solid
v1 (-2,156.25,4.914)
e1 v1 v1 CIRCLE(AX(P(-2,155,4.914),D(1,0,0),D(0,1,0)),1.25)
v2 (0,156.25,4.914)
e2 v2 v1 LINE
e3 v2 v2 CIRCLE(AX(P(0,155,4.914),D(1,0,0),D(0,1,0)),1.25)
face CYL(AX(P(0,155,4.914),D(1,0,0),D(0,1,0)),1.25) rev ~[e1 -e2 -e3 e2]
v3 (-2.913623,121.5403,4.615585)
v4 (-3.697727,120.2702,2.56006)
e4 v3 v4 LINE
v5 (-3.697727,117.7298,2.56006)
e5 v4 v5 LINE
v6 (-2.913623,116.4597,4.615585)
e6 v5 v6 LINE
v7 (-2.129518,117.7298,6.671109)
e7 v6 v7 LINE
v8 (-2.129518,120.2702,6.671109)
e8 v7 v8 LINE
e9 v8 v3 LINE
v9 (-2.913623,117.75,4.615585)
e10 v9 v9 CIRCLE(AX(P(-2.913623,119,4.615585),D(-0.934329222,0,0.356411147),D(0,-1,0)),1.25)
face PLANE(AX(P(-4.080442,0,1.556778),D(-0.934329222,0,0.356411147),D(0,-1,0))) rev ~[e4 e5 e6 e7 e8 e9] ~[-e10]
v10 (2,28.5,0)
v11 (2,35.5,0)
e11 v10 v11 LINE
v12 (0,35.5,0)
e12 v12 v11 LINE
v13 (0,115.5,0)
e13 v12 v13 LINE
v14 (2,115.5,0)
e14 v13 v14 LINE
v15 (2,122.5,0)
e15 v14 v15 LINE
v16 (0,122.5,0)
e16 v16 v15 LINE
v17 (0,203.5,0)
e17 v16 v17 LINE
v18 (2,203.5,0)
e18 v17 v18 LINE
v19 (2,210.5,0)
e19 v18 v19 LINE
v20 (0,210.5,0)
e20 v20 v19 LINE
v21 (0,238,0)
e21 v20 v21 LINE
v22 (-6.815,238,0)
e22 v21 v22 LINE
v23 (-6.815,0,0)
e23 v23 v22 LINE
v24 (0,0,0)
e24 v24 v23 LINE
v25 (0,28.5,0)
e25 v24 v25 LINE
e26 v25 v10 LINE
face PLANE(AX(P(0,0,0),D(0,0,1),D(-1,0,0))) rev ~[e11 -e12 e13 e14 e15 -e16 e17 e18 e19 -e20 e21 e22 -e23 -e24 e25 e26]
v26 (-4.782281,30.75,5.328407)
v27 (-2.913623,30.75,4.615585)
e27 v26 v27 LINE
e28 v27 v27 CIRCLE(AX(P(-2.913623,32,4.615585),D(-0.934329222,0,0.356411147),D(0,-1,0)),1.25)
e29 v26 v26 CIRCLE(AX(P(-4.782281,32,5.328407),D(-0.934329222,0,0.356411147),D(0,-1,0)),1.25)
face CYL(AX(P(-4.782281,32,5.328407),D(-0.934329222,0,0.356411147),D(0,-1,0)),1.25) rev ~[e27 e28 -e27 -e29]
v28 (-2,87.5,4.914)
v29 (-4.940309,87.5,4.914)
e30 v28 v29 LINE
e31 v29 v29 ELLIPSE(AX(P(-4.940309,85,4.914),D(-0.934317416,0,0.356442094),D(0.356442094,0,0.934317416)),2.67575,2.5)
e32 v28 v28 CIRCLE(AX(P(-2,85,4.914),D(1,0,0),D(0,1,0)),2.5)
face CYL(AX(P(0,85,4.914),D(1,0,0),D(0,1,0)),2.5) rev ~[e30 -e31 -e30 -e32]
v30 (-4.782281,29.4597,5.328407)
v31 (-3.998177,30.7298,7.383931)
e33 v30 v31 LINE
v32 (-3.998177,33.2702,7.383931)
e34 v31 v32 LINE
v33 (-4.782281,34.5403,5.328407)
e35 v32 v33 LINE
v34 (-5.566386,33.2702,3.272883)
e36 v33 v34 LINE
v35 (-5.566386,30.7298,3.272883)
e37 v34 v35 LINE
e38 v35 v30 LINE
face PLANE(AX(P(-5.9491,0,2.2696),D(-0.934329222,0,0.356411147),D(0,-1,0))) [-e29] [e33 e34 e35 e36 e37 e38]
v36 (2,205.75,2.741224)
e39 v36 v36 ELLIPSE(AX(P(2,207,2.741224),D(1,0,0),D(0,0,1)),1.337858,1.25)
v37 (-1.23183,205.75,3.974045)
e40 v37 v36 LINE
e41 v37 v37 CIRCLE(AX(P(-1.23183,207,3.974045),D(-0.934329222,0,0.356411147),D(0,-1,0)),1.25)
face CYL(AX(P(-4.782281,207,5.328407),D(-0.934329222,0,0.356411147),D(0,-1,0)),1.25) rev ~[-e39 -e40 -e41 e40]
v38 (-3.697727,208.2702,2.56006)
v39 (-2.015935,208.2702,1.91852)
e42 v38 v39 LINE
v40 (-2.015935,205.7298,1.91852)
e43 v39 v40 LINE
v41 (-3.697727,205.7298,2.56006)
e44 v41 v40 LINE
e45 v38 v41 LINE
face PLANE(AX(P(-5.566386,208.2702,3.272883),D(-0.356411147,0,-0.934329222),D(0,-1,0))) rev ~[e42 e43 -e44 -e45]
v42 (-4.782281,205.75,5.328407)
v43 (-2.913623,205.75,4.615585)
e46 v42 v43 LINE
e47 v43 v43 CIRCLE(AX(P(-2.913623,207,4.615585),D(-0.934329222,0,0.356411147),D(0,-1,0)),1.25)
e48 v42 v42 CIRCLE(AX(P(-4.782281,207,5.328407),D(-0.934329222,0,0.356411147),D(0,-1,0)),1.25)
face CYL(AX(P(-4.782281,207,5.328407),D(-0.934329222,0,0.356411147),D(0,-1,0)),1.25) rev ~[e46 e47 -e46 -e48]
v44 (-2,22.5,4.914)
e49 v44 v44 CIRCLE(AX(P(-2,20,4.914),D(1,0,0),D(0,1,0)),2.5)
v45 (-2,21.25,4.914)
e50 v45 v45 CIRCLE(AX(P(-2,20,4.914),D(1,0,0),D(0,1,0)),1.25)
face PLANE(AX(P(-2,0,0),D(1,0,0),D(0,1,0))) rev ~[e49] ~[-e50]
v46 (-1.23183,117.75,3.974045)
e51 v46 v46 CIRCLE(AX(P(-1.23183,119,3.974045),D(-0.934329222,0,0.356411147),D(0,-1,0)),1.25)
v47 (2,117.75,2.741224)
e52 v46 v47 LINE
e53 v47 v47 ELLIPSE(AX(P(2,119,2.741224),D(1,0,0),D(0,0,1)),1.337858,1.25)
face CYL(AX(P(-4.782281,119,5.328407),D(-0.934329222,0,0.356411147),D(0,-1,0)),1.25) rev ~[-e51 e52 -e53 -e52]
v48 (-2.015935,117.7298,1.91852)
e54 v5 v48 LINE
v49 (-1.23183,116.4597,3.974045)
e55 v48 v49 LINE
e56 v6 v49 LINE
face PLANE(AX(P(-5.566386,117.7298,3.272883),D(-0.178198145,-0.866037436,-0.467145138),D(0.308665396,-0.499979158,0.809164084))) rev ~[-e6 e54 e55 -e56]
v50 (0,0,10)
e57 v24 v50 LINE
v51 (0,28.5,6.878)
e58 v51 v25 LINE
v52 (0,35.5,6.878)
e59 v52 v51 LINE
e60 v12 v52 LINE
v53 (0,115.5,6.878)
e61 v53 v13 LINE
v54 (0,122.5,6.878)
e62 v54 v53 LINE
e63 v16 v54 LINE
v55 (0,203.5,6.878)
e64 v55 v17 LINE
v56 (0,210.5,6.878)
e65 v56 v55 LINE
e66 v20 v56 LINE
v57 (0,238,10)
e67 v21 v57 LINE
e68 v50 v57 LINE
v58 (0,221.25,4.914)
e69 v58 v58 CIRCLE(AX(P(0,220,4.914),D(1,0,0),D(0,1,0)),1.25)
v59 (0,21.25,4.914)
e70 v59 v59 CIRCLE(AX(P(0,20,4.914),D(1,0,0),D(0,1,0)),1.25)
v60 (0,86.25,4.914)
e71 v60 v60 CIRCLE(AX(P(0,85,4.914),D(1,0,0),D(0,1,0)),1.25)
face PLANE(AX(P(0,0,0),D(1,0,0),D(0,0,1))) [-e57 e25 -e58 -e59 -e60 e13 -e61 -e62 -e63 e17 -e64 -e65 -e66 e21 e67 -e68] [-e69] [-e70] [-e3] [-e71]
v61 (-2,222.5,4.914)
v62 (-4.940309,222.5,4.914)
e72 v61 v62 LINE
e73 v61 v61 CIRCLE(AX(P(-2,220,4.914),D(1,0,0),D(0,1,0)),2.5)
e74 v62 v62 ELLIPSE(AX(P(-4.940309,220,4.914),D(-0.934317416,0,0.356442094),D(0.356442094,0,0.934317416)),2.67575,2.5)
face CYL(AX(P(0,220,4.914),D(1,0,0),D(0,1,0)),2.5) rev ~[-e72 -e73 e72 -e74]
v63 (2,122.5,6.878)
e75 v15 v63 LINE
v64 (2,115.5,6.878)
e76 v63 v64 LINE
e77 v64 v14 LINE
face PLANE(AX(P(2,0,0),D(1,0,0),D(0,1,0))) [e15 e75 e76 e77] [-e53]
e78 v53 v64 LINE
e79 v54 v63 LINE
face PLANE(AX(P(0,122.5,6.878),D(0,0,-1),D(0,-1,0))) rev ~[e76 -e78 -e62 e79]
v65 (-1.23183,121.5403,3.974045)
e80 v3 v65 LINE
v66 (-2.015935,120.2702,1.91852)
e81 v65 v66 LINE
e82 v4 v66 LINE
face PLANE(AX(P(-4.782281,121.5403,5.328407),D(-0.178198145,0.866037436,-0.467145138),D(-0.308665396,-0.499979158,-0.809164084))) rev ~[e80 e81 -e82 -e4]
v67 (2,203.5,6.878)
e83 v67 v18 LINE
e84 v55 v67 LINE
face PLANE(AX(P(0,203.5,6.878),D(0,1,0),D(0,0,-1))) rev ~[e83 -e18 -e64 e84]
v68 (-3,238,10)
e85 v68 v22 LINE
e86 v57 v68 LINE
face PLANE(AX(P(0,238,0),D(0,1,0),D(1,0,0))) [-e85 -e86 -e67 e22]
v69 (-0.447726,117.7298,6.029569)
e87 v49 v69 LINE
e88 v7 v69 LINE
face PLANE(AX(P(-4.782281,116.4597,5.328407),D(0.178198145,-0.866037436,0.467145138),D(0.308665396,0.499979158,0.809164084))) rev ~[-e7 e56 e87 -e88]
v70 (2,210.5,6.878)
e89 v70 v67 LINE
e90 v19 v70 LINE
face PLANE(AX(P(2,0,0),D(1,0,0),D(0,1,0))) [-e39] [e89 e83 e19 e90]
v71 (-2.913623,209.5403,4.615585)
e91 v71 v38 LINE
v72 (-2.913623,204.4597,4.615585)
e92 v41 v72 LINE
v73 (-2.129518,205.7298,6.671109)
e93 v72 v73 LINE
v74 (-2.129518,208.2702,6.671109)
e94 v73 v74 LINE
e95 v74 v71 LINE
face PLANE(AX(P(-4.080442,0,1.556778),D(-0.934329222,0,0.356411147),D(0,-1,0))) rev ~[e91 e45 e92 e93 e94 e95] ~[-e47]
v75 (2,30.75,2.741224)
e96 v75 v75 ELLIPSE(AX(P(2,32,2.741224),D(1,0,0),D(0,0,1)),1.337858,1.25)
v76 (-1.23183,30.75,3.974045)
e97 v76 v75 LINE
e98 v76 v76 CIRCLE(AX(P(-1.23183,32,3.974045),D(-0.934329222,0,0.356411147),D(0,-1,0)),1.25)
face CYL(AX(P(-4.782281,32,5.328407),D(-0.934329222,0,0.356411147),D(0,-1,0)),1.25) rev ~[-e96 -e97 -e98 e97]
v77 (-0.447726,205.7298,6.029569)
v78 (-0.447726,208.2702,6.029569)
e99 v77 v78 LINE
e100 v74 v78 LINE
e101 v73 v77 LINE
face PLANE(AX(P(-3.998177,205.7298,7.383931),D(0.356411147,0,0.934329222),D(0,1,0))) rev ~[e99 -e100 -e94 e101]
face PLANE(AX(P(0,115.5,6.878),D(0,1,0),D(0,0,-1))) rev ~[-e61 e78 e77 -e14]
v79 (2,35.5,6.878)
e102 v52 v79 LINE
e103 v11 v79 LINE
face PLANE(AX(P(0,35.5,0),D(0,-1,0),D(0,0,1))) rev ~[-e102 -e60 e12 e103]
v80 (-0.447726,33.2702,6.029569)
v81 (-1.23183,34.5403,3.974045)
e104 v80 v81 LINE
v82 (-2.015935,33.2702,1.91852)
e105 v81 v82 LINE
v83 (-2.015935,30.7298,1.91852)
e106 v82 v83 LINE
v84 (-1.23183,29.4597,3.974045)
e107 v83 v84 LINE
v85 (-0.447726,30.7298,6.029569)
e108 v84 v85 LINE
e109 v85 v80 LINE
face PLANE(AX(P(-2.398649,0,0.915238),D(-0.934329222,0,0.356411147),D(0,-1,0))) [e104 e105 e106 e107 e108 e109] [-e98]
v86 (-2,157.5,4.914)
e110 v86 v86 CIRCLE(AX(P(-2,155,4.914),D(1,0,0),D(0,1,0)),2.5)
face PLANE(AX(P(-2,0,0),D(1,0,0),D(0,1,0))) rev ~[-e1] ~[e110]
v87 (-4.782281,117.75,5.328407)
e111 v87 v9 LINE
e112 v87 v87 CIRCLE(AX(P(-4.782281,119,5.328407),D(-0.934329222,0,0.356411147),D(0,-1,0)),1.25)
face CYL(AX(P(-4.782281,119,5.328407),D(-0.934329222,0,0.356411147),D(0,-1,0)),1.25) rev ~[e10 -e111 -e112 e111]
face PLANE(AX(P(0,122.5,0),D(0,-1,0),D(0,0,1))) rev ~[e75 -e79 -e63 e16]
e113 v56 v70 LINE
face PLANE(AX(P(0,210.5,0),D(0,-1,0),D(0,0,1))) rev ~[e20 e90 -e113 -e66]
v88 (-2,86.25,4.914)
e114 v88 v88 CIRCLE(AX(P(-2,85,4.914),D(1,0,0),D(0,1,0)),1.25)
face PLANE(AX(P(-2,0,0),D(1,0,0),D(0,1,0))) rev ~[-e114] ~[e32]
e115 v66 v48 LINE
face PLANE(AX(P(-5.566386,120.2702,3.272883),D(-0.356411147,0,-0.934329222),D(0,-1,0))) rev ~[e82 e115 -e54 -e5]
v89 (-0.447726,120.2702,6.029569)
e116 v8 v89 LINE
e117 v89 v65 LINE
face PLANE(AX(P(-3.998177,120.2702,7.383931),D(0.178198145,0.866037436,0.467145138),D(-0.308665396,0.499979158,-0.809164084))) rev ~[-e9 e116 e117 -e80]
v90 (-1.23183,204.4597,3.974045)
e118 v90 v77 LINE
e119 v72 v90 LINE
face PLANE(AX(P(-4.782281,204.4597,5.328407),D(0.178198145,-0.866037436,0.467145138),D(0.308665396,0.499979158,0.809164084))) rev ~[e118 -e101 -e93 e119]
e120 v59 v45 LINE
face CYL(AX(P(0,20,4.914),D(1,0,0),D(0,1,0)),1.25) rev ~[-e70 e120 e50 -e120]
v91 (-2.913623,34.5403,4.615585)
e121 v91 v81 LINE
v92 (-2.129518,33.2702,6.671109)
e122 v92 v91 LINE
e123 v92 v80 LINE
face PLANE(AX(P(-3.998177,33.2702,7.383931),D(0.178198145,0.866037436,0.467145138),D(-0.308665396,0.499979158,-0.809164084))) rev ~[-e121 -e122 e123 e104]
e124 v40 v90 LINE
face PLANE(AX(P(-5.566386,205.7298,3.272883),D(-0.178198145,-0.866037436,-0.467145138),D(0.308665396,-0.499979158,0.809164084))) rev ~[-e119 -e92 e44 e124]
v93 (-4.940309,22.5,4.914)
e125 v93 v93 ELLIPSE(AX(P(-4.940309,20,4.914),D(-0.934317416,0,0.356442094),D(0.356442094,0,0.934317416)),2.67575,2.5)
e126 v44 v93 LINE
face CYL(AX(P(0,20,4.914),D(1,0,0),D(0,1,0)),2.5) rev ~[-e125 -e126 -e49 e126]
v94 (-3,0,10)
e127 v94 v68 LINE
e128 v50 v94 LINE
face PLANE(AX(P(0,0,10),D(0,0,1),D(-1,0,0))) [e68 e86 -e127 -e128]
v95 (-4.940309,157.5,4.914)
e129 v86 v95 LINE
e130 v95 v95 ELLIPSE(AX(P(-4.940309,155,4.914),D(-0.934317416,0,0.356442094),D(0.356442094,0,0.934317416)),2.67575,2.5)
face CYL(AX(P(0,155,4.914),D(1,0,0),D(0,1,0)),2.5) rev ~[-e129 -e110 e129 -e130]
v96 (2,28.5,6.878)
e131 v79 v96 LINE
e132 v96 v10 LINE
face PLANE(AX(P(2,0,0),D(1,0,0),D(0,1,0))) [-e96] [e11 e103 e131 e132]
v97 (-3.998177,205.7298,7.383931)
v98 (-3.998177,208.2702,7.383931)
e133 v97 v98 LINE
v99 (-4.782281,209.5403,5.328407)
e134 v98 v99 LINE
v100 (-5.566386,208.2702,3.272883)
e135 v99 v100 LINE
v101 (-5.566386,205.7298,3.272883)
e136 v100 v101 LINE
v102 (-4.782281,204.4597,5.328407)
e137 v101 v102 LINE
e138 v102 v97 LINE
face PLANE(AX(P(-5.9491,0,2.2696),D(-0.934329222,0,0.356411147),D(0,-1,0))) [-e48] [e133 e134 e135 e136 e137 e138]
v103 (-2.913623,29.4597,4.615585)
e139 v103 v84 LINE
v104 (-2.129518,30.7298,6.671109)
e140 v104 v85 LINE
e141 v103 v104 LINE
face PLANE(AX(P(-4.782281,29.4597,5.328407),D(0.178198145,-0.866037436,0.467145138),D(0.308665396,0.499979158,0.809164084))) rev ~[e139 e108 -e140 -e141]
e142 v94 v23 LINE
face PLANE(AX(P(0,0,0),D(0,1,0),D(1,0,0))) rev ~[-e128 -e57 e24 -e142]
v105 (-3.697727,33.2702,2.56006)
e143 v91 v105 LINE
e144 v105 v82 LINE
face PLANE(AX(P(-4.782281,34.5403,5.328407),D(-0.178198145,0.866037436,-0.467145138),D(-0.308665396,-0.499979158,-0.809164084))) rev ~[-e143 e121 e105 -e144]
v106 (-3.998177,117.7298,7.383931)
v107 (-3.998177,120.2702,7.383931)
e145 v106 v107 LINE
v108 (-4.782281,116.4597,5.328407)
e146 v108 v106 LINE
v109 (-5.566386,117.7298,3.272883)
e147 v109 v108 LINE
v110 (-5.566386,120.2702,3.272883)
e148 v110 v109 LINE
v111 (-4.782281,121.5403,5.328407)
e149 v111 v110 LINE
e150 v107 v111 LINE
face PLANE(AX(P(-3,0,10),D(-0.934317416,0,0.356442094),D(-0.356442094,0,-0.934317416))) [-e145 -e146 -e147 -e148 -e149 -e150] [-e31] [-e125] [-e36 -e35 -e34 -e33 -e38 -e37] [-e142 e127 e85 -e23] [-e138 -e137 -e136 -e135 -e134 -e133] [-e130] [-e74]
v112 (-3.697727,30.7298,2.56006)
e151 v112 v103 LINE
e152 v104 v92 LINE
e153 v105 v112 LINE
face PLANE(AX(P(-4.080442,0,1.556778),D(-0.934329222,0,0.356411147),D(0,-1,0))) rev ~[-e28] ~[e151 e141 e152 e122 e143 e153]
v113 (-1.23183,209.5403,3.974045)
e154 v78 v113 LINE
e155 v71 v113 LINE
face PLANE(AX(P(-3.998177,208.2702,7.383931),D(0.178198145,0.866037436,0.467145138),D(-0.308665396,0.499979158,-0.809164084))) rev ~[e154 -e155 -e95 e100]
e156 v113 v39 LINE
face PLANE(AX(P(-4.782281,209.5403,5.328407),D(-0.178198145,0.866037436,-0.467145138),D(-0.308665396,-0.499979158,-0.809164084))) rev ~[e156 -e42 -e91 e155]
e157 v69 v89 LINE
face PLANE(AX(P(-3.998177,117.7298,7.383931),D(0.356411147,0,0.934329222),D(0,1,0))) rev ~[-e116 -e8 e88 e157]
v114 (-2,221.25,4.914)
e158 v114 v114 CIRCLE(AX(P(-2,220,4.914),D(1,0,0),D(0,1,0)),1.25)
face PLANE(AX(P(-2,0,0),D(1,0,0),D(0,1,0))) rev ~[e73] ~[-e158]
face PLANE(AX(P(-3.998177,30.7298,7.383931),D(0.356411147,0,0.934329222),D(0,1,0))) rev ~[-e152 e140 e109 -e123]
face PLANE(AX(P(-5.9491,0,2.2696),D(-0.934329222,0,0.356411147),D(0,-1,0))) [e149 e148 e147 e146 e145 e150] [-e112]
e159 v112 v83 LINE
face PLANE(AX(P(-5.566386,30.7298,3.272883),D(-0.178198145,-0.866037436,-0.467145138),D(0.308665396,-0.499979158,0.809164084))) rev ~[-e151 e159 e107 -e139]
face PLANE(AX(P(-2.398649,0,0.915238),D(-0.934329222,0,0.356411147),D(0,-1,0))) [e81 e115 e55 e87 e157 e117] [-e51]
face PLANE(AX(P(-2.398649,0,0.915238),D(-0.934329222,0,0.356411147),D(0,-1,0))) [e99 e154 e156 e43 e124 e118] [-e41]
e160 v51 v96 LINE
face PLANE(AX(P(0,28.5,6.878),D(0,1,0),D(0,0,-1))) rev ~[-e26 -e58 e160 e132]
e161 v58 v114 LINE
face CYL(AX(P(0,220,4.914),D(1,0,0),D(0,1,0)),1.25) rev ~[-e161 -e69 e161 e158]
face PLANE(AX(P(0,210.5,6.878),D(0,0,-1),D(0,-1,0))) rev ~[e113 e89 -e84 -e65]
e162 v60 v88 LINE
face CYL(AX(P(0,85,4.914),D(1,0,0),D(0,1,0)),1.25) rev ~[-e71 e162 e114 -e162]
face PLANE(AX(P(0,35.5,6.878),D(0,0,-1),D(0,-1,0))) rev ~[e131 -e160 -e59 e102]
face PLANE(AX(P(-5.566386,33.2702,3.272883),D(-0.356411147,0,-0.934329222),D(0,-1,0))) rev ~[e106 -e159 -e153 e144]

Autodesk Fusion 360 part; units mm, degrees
sketch "Skizze1" plane through (0, 0, 0) normal (0, 1, 0) x (1, 0, 0)
  line L0 (-29.0267, 0) -> (32.308, 0) construction
  line L1 (0, -25.3668) -> (0, 26.124) construction
  line L2 (0, 0) -> (0, -10)
  line L3 (0, -10) -> (-3, -10)
  line L4 (0, 0) -> (-6.815, 0)
  line L5 (-3, -10) -> (-6.815, 0)
  dimension "d1" = 10
  dimension "d2" = 6.815
  dimension "d3" = 3
extrude "Extrusion1" add sketch "Skizze1" along normal blind 238
sketch "Skizze2" plane through (0, 0, 0) normal (1, 0, 0) x (0, 1, 0)
  line L0 (0, 32.3505) -> (0, -25.958) construction
  line L1 (-11.6611, 0) -> (310, 0) construction
  line L2 (119, 63.4137) -> (119, -57.7153) construction
  line L3 (20, 43.9775) -> (20, -44.5265) construction
  line L4 (220, 51.6132) -> (220, -50) construction
  line L5 (85, 33.2182) -> (85, -47.6502) construction
  line L6 (155, 33.2182) -> (155, -42.444) construction
  line L7 (261.5293, 4.914) -> (-37.3941, 4.914) construction
  circle A0 centre (220, 4.914) radius 1.25
  circle A1 centre (220, 4.914) radius 2.5
  circle A2 centre (155, 4.914) radius 1.25
  circle A3 centre (155, 4.914) radius 2.5
  circle A4 centre (85, 4.914) radius 1.25
  circle A5 centre (85, 4.914) radius 2.5
  circle A6 centre (20, 4.914) radius 1.25
  circle A7 centre (20, 4.914) radius 2.5
  line L8 (207, 25.1754) -> (207, -27.1787) construction
  line L9 (32, 29.9975) -> (32, -45.4338) construction
  line L10 (257.1127, 6.878) -> (-52.1736, 6.878) construction
  line L11 (203.5, 0) -> (210.5, 0)
  line L12 (210.5, 0) -> (210.5, 6.878)
  line L13 (210.5, 6.878) -> (203.5, 6.878)
  line L14 (203.5, 6.878) -> (203.5, 0)
  line L15 (203.5, 0) -> (210.5, 6.878) construction
  line L16 (210.5, 0) -> (203.5, 6.878) construction
  line L17 (115.5, 0) -> (122.5, 0)
  line L18 (122.5, 0) -> (122.5, 6.878)
  line L19 (122.5, 6.878) -> (115.5, 6.878)
  line L20 (115.5, 6.878) -> (115.5, 0)
  line L21 (115.5, 0) -> (122.5, 6.878) construction
  line L22 (122.5, 0) -> (115.5, 6.878) construction
  line L23 (28.5, 0) -> (35.5, 0)
  line L24 (35.5, 0) -> (35.5, 6.878)
  line L25 (35.5, 6.878) -> (28.5, 6.878)
  line L26 (28.5, 6.878) -> (28.5, 0)
  line L27 (28.5, 0) -> (35.5, 6.878) construction
  line L28 (35.5, 0) -> (28.5, 6.878) construction
  point P0 (207, 3.439)
  point P1 (119, 3.439)
  point P2 (32, 3.439)
  dimension "d6" = 119
  dimension "d7" = 101
  dimension "d8" = 99
  dimension "d9" = 34
  dimension "d10" = 36
  dimension "d11" = 4.914
  dimension "d12" = 2.5
  dimension "d13" = 5
  dimension "d14" = 2.5
  dimension "d15" = 5
  dimension "d16" = 2.5
  dimension "d17" = 5
  dimension "d18" = 2.5
  dimension "d19" = 5
  dimension "d24" = 87
  dimension "d25" = 88
  dimension "d26" = 6.878
  dimension "d27" = 7
  dimension "d28" = 7
  dimension "d29" = 7
extrude "Extrusion2" cut sketch "Skizze2" against normal blind 10 contours A0 | A1 | A2 | A3 | A4 | A5 | A6 | A7
extrude "Extrusion3" add sketch "Skizze2" against normal blind 2 contours A1 | A3 | A5 | A7
extrude "Extrusion4" add sketch "Skizze2" along normal blind 2 contours L11 L12 L13 L14 | L17 L18 L19 L20 | L23 L24 L25 L26
sketch "Skizze3" plane through (-5.9491, 0, 2.2696) normal (-0.9343, 0, 0.3564) x (0, -1, 0)
  ellipse E0 centre (-155, 2.8303) end of major axis (-155, 0.1546) minor radius 2.5
  ellipse E1 centre (-85, 2.8303) end of major axis (-85, 0.1546) minor radius 2.5
  ellipse E2 centre (-220, 2.8303) end of major axis (-220, 0.1546) minor radius 2.5
  ellipse E3 centre (-20, 2.8303) end of major axis (-20, 0.1546) minor radius 2.5
  line L0 (0, -2.4292) -> (0, 8.2738)
  line L1 (0, 8.2738) -> (-238, 8.2738)
  line L2 (-238, 8.2738) -> (-238, -2.4292)
  line L3 (-238, -2.4292) -> (0, -2.4292)
  line L4 (-256.1946, 8.2738) -> (13.3488, 8.2738) construction
  line L5 (-271.6873, 3.2738) -> (21.7349, 3.2738) construction
  line L6 (0, 76.206) -> (0, -63.9663) construction
  line L7 (-207, 69.0398) -> (-207, -61.5402) construction
  line L8 (-119, 70) -> (-119, -67.3252) construction
  line L9 (-32, 63.2186) -> (-32, -40) construction
  circle A0 centre (-207, 3.2738) radius 1.25
  circle A1 centre (-119, 3.2738) radius 1.25
  circle A2 centre (-32, 3.2738) radius 1.25
  line L10 (-205.7298, 1.0738) -> (-204.4597, 3.2738)
  line L11 (-204.4597, 3.2738) -> (-205.7298, 5.4738)
  line L12 (-205.7298, 5.4738) -> (-208.2702, 5.4738)
  line L13 (-208.2702, 5.4738) -> (-209.5403, 3.2738)
  line L14 (-209.5403, 3.2738) -> (-208.2702, 1.0738)
  line L15 (-208.2702, 1.0738) -> (-205.7298, 1.0738)
  line L16 (-117.7298, 1.0738) -> (-116.4597, 3.2738)
  line L17 (-116.4597, 3.2738) -> (-117.7298, 5.4738)
  line L18 (-117.7298, 5.4738) -> (-120.2702, 5.4738)
  line L19 (-120.2702, 5.4738) -> (-121.5403, 3.2738)
  line L20 (-121.5403, 3.2738) -> (-120.2702, 1.0738)
  line L21 (-120.2702, 1.0738) -> (-117.7298, 1.0738)
  line L22 (-30.7298, 1.0738) -> (-29.4597, 3.2738)
  line L23 (-29.4597, 3.2738) -> (-30.7298, 5.4738)
  line L24 (-30.7298, 5.4738) -> (-33.2702, 5.4738)
  line L25 (-33.2702, 5.4738) -> (-34.5403, 3.2738)
  line L26 (-34.5403, 3.2738) -> (-33.2702, 1.0738)
  line L27 (-33.2702, 1.0738) -> (-30.7298, 1.0738)
  point P0 (-207, 3.2738)
  point P1 (-119, 3.2738)
  point P2 (-32, 3.2738)
  dimension "d32" = 5
  dimension "d35" = 119
  dimension "d36" = 87
  dimension "d37" = 88
  dimension "d38" = 2.5
  dimension "d39" = 2.5
  dimension "d40" = 2.5
  dimension "d41" = 4.4
  dimension "d42" = 4.4
  dimension "d43" = 4.4
extrude "Extrusion5" cut sketch "Skizze3" against normal blind 8 contours A0 | A1 | A2
extrude "Extrusion6" cut sketch "Skizze3" against normal blind 3.8 contours L10 L11 L12 L13 L14 L15 | L16 L17 L18 L19 L20 L21 | L22 L23 L24 L25 L26 L27
extrude "Extrusion7" add sketch "Skizze3" against normal blind 2 contours L10 L11 L12 L13 L14 L15 | L16 L17 L18 L19 L20 L21 | L22 L23 L24 L25 L26 L27
